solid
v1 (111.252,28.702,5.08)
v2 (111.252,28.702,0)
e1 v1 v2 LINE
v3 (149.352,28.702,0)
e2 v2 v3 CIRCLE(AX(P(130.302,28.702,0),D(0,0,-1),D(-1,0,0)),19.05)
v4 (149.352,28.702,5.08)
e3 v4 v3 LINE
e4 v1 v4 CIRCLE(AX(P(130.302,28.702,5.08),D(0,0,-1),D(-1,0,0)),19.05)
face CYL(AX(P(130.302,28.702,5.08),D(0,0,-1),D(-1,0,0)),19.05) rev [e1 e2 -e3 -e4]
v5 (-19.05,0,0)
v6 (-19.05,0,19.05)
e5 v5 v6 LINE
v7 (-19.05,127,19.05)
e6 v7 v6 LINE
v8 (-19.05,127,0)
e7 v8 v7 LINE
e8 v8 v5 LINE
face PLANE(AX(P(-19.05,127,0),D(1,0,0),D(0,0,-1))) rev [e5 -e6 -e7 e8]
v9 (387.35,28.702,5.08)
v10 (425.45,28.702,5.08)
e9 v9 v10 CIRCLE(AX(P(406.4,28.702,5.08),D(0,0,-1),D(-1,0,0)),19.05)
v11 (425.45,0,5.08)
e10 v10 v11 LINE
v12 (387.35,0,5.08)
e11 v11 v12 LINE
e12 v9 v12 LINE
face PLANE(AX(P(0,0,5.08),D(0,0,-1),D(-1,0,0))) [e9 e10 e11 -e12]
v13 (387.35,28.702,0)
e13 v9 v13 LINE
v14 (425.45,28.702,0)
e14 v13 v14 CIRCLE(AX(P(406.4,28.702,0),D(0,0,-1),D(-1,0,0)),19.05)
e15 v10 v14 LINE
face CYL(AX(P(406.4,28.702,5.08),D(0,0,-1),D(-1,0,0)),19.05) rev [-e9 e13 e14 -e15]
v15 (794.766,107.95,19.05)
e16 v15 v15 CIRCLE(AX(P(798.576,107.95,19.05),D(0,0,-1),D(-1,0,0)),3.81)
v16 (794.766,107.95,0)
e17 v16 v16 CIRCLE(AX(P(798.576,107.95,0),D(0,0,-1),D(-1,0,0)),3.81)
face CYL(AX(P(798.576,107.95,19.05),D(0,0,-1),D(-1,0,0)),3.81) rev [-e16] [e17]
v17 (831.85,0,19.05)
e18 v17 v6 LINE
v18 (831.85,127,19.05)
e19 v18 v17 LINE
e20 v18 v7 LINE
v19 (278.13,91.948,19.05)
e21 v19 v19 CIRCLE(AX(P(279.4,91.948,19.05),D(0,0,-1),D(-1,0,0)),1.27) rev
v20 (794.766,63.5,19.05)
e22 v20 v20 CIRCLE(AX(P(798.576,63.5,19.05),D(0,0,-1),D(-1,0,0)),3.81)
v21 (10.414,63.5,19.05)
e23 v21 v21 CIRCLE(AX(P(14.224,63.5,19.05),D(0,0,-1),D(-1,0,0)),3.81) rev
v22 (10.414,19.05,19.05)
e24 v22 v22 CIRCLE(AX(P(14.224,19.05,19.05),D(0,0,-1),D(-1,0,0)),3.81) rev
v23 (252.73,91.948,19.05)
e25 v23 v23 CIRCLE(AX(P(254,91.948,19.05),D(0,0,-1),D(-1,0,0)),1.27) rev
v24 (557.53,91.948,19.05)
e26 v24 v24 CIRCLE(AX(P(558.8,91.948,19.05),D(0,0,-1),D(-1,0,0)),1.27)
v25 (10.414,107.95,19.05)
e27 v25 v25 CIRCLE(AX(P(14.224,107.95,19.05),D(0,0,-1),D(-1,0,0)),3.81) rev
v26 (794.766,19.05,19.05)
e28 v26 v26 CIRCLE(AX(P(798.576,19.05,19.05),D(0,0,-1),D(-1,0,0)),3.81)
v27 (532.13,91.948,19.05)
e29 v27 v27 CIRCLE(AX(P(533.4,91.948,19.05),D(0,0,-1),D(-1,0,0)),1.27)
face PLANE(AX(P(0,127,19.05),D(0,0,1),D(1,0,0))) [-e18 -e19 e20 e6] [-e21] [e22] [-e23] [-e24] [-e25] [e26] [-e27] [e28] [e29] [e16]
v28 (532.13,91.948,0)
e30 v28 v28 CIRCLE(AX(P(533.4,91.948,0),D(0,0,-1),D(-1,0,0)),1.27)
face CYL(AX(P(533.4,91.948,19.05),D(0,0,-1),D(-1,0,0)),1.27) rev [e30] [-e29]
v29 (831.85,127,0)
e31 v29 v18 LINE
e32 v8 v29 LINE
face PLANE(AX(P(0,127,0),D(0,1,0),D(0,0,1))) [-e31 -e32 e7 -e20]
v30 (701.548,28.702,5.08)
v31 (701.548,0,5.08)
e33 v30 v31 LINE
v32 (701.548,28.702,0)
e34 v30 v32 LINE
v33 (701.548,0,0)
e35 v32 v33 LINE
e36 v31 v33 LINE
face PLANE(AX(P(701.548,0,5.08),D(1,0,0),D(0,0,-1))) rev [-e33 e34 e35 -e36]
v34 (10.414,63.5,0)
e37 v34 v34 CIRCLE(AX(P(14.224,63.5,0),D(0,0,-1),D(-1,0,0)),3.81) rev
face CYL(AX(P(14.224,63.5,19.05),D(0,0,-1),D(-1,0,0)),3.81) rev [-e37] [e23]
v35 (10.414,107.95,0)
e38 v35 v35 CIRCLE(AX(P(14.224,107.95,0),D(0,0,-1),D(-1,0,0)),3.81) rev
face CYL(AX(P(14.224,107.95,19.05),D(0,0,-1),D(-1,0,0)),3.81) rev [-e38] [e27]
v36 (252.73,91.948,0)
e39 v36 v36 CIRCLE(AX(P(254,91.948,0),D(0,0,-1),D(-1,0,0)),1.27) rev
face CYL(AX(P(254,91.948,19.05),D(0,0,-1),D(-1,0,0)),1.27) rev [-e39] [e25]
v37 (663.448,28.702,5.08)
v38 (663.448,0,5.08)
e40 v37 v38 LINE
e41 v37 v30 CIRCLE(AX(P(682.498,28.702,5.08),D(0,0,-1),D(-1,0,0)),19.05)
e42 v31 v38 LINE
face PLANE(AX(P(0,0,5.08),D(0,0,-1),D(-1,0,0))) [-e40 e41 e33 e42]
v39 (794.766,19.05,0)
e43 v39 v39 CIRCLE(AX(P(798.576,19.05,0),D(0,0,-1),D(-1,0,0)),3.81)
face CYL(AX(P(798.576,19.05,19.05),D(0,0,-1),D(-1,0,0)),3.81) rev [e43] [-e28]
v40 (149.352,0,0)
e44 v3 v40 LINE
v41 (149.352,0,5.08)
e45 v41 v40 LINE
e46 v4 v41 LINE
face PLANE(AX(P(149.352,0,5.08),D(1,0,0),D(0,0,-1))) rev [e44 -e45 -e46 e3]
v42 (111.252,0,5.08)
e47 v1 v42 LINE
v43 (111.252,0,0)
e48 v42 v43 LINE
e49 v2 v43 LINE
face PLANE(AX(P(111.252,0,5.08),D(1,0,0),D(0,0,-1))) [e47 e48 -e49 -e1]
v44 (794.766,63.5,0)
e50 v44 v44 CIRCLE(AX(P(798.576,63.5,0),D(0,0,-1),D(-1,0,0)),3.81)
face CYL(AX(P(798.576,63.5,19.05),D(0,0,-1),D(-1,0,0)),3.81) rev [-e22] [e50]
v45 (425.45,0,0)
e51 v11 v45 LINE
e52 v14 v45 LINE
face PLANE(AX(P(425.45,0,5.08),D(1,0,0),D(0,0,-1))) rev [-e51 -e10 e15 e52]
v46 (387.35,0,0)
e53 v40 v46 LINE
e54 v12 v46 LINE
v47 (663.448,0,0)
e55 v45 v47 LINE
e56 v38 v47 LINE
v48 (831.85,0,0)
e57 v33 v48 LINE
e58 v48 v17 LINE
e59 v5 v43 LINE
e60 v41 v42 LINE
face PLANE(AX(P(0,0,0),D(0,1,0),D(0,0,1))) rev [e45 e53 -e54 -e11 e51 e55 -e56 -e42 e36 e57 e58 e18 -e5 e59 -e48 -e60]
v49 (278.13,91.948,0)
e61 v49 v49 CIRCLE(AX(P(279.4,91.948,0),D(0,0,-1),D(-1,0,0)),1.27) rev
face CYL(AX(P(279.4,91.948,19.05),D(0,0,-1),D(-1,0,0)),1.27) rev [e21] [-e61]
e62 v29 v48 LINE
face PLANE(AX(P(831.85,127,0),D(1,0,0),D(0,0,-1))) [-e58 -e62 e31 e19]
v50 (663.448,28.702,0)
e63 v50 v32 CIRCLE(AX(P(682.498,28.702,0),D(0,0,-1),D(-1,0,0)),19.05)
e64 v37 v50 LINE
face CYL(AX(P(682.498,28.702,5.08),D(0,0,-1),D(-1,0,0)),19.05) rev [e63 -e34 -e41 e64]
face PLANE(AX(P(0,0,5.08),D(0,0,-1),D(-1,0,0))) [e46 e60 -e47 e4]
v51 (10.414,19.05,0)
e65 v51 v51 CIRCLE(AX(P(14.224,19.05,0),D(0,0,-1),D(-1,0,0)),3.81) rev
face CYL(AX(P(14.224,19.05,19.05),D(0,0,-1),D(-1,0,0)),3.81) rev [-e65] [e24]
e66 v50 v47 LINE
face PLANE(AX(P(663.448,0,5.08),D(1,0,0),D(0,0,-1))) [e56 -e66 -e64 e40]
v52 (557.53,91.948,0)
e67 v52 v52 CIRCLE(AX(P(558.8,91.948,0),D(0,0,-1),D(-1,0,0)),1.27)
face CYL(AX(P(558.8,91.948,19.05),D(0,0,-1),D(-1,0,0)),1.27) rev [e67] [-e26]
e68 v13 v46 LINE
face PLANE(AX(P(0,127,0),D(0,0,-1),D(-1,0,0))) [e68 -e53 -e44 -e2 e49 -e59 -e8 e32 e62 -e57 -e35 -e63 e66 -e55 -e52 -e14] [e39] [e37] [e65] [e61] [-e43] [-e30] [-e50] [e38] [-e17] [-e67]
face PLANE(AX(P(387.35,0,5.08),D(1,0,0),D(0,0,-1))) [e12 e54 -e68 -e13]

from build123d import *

# Parameters (mm, degrees)
SKETCH1_W           = 812.8
SKETCH1_H           = 19.05
SKETCH1_W_2         = 19.05
BOSS_EXTRUDE2_DEPTH = 127
SKETCH2_R           = 3.81
CUT_EXTRUDE1_DEPTH  = 19.05
SKETCH3_R           = 19.05
CUT_EXTRUDE2_DEPTH  = 5.08
SKETCH4_R           = 1.27
CUT_EXTRUDE3_DEPTH  = 19.05


with BuildPart() as part:
    # Sketch1 → Boss-Extrude2 (new body)
    with BuildSketch(Plane(origin=(0, 0, 0), x_dir=(1, 0, 0), z_dir=(0, 1, 0))):
        with Locations((406.4, -9.525)):
            Rectangle(SKETCH1_W, SKETCH1_H)
        with Locations((822.325, -9.525)):
            Rectangle(SKETCH1_W_2, SKETCH1_H)
        with Locations((-9.525, -9.525)):
            Rectangle(SKETCH1_W_2, SKETCH1_H)
    extrude(amount=BOSS_EXTRUDE2_DEPTH)

    # Sketch2 → Cut-Extrude1 (cut)
    with BuildSketch(Plane(origin=(0, 0, 0), x_dir=(-1, 0, 0), z_dir=(0, 0, -1))):
        with Locations((-14.224, 107.95)):
            Circle(SKETCH2_R)
        with Locations((-14.224, 63.5)):
            Circle(SKETCH2_R)
        with Locations((-14.224, 19.05)):
            Circle(SKETCH2_R)
        with Locations((-798.576, 19.05)):
            Circle(SKETCH2_R)
        with Locations((-798.576, 107.95)):
            Circle(SKETCH2_R)
        with Locations((-798.576, 63.5)):
            Circle(SKETCH2_R)
    extrude(amount=-CUT_EXTRUDE1_DEPTH, mode=Mode.SUBTRACT)

    # Sketch3 → Cut-Extrude2 (cut)
    with BuildSketch(Plane(origin=(0, 0, 0), x_dir=(-1, 0, 0), z_dir=(0, 0, -1))):
        with BuildLine():
            ThreePointArc((-663.448, 28.702), (-682.498, 9.652), (-701.548, 28.702))
            Line((-701.548, 28.702), (-701.548, 0))
            Line((-701.548, 0), (-663.448, 0))
            Line((-663.448, 0), (-663.448, 28.702))
        make_face()
        with Locations((-682.498, 28.702)):
            Circle(SKETCH3_R)
        with Locations((-406.4, 28.702)):
            Circle(SKETCH3_R)
        with BuildLine():
            Line((-425.45, 28.702), (-425.45, 0))
            Line((-425.45, 0), (-387.35, 0))
            Line((-387.35, 0), (-387.35, 28.702))
            ThreePointArc((-387.35, 28.702), (-406.4, 9.652), (-425.45, 28.702))
        make_face()
        with BuildLine():
            Line((-149.352, 28.702), (-149.352, 0))
            Line((-149.352, 0), (-111.252, 0))
            Line((-111.252, 0), (-111.252, 28.702))
            ThreePointArc((-111.252, 28.702), (-130.302, 9.652), (-149.352, 28.702))
        make_face()
        with Locations((-130.302, 28.702)):
            Circle(SKETCH3_R)
    extrude(amount=-CUT_EXTRUDE2_DEPTH, mode=Mode.SUBTRACT)

    # Sketch4 → Cut-Extrude3 (cut)
    with BuildSketch(Plane(origin=(0, 0, 0), x_dir=(-1, 0, 0), z_dir=(0, 0, -1))):
        with Locations((-558.8, 91.948)):
            Circle(SKETCH4_R)
        with Locations((-533.4, 91.948)):
            Circle(SKETCH4_R)
        with Locations((-279.4, 91.948)):
            Circle(SKETCH4_R)
        with Locations((-254, 91.948)):
            Circle(SKETCH4_R)
    extrude(amount=-CUT_EXTRUDE3_DEPTH, mode=Mode.SUBTRACT)


solid = part.part
